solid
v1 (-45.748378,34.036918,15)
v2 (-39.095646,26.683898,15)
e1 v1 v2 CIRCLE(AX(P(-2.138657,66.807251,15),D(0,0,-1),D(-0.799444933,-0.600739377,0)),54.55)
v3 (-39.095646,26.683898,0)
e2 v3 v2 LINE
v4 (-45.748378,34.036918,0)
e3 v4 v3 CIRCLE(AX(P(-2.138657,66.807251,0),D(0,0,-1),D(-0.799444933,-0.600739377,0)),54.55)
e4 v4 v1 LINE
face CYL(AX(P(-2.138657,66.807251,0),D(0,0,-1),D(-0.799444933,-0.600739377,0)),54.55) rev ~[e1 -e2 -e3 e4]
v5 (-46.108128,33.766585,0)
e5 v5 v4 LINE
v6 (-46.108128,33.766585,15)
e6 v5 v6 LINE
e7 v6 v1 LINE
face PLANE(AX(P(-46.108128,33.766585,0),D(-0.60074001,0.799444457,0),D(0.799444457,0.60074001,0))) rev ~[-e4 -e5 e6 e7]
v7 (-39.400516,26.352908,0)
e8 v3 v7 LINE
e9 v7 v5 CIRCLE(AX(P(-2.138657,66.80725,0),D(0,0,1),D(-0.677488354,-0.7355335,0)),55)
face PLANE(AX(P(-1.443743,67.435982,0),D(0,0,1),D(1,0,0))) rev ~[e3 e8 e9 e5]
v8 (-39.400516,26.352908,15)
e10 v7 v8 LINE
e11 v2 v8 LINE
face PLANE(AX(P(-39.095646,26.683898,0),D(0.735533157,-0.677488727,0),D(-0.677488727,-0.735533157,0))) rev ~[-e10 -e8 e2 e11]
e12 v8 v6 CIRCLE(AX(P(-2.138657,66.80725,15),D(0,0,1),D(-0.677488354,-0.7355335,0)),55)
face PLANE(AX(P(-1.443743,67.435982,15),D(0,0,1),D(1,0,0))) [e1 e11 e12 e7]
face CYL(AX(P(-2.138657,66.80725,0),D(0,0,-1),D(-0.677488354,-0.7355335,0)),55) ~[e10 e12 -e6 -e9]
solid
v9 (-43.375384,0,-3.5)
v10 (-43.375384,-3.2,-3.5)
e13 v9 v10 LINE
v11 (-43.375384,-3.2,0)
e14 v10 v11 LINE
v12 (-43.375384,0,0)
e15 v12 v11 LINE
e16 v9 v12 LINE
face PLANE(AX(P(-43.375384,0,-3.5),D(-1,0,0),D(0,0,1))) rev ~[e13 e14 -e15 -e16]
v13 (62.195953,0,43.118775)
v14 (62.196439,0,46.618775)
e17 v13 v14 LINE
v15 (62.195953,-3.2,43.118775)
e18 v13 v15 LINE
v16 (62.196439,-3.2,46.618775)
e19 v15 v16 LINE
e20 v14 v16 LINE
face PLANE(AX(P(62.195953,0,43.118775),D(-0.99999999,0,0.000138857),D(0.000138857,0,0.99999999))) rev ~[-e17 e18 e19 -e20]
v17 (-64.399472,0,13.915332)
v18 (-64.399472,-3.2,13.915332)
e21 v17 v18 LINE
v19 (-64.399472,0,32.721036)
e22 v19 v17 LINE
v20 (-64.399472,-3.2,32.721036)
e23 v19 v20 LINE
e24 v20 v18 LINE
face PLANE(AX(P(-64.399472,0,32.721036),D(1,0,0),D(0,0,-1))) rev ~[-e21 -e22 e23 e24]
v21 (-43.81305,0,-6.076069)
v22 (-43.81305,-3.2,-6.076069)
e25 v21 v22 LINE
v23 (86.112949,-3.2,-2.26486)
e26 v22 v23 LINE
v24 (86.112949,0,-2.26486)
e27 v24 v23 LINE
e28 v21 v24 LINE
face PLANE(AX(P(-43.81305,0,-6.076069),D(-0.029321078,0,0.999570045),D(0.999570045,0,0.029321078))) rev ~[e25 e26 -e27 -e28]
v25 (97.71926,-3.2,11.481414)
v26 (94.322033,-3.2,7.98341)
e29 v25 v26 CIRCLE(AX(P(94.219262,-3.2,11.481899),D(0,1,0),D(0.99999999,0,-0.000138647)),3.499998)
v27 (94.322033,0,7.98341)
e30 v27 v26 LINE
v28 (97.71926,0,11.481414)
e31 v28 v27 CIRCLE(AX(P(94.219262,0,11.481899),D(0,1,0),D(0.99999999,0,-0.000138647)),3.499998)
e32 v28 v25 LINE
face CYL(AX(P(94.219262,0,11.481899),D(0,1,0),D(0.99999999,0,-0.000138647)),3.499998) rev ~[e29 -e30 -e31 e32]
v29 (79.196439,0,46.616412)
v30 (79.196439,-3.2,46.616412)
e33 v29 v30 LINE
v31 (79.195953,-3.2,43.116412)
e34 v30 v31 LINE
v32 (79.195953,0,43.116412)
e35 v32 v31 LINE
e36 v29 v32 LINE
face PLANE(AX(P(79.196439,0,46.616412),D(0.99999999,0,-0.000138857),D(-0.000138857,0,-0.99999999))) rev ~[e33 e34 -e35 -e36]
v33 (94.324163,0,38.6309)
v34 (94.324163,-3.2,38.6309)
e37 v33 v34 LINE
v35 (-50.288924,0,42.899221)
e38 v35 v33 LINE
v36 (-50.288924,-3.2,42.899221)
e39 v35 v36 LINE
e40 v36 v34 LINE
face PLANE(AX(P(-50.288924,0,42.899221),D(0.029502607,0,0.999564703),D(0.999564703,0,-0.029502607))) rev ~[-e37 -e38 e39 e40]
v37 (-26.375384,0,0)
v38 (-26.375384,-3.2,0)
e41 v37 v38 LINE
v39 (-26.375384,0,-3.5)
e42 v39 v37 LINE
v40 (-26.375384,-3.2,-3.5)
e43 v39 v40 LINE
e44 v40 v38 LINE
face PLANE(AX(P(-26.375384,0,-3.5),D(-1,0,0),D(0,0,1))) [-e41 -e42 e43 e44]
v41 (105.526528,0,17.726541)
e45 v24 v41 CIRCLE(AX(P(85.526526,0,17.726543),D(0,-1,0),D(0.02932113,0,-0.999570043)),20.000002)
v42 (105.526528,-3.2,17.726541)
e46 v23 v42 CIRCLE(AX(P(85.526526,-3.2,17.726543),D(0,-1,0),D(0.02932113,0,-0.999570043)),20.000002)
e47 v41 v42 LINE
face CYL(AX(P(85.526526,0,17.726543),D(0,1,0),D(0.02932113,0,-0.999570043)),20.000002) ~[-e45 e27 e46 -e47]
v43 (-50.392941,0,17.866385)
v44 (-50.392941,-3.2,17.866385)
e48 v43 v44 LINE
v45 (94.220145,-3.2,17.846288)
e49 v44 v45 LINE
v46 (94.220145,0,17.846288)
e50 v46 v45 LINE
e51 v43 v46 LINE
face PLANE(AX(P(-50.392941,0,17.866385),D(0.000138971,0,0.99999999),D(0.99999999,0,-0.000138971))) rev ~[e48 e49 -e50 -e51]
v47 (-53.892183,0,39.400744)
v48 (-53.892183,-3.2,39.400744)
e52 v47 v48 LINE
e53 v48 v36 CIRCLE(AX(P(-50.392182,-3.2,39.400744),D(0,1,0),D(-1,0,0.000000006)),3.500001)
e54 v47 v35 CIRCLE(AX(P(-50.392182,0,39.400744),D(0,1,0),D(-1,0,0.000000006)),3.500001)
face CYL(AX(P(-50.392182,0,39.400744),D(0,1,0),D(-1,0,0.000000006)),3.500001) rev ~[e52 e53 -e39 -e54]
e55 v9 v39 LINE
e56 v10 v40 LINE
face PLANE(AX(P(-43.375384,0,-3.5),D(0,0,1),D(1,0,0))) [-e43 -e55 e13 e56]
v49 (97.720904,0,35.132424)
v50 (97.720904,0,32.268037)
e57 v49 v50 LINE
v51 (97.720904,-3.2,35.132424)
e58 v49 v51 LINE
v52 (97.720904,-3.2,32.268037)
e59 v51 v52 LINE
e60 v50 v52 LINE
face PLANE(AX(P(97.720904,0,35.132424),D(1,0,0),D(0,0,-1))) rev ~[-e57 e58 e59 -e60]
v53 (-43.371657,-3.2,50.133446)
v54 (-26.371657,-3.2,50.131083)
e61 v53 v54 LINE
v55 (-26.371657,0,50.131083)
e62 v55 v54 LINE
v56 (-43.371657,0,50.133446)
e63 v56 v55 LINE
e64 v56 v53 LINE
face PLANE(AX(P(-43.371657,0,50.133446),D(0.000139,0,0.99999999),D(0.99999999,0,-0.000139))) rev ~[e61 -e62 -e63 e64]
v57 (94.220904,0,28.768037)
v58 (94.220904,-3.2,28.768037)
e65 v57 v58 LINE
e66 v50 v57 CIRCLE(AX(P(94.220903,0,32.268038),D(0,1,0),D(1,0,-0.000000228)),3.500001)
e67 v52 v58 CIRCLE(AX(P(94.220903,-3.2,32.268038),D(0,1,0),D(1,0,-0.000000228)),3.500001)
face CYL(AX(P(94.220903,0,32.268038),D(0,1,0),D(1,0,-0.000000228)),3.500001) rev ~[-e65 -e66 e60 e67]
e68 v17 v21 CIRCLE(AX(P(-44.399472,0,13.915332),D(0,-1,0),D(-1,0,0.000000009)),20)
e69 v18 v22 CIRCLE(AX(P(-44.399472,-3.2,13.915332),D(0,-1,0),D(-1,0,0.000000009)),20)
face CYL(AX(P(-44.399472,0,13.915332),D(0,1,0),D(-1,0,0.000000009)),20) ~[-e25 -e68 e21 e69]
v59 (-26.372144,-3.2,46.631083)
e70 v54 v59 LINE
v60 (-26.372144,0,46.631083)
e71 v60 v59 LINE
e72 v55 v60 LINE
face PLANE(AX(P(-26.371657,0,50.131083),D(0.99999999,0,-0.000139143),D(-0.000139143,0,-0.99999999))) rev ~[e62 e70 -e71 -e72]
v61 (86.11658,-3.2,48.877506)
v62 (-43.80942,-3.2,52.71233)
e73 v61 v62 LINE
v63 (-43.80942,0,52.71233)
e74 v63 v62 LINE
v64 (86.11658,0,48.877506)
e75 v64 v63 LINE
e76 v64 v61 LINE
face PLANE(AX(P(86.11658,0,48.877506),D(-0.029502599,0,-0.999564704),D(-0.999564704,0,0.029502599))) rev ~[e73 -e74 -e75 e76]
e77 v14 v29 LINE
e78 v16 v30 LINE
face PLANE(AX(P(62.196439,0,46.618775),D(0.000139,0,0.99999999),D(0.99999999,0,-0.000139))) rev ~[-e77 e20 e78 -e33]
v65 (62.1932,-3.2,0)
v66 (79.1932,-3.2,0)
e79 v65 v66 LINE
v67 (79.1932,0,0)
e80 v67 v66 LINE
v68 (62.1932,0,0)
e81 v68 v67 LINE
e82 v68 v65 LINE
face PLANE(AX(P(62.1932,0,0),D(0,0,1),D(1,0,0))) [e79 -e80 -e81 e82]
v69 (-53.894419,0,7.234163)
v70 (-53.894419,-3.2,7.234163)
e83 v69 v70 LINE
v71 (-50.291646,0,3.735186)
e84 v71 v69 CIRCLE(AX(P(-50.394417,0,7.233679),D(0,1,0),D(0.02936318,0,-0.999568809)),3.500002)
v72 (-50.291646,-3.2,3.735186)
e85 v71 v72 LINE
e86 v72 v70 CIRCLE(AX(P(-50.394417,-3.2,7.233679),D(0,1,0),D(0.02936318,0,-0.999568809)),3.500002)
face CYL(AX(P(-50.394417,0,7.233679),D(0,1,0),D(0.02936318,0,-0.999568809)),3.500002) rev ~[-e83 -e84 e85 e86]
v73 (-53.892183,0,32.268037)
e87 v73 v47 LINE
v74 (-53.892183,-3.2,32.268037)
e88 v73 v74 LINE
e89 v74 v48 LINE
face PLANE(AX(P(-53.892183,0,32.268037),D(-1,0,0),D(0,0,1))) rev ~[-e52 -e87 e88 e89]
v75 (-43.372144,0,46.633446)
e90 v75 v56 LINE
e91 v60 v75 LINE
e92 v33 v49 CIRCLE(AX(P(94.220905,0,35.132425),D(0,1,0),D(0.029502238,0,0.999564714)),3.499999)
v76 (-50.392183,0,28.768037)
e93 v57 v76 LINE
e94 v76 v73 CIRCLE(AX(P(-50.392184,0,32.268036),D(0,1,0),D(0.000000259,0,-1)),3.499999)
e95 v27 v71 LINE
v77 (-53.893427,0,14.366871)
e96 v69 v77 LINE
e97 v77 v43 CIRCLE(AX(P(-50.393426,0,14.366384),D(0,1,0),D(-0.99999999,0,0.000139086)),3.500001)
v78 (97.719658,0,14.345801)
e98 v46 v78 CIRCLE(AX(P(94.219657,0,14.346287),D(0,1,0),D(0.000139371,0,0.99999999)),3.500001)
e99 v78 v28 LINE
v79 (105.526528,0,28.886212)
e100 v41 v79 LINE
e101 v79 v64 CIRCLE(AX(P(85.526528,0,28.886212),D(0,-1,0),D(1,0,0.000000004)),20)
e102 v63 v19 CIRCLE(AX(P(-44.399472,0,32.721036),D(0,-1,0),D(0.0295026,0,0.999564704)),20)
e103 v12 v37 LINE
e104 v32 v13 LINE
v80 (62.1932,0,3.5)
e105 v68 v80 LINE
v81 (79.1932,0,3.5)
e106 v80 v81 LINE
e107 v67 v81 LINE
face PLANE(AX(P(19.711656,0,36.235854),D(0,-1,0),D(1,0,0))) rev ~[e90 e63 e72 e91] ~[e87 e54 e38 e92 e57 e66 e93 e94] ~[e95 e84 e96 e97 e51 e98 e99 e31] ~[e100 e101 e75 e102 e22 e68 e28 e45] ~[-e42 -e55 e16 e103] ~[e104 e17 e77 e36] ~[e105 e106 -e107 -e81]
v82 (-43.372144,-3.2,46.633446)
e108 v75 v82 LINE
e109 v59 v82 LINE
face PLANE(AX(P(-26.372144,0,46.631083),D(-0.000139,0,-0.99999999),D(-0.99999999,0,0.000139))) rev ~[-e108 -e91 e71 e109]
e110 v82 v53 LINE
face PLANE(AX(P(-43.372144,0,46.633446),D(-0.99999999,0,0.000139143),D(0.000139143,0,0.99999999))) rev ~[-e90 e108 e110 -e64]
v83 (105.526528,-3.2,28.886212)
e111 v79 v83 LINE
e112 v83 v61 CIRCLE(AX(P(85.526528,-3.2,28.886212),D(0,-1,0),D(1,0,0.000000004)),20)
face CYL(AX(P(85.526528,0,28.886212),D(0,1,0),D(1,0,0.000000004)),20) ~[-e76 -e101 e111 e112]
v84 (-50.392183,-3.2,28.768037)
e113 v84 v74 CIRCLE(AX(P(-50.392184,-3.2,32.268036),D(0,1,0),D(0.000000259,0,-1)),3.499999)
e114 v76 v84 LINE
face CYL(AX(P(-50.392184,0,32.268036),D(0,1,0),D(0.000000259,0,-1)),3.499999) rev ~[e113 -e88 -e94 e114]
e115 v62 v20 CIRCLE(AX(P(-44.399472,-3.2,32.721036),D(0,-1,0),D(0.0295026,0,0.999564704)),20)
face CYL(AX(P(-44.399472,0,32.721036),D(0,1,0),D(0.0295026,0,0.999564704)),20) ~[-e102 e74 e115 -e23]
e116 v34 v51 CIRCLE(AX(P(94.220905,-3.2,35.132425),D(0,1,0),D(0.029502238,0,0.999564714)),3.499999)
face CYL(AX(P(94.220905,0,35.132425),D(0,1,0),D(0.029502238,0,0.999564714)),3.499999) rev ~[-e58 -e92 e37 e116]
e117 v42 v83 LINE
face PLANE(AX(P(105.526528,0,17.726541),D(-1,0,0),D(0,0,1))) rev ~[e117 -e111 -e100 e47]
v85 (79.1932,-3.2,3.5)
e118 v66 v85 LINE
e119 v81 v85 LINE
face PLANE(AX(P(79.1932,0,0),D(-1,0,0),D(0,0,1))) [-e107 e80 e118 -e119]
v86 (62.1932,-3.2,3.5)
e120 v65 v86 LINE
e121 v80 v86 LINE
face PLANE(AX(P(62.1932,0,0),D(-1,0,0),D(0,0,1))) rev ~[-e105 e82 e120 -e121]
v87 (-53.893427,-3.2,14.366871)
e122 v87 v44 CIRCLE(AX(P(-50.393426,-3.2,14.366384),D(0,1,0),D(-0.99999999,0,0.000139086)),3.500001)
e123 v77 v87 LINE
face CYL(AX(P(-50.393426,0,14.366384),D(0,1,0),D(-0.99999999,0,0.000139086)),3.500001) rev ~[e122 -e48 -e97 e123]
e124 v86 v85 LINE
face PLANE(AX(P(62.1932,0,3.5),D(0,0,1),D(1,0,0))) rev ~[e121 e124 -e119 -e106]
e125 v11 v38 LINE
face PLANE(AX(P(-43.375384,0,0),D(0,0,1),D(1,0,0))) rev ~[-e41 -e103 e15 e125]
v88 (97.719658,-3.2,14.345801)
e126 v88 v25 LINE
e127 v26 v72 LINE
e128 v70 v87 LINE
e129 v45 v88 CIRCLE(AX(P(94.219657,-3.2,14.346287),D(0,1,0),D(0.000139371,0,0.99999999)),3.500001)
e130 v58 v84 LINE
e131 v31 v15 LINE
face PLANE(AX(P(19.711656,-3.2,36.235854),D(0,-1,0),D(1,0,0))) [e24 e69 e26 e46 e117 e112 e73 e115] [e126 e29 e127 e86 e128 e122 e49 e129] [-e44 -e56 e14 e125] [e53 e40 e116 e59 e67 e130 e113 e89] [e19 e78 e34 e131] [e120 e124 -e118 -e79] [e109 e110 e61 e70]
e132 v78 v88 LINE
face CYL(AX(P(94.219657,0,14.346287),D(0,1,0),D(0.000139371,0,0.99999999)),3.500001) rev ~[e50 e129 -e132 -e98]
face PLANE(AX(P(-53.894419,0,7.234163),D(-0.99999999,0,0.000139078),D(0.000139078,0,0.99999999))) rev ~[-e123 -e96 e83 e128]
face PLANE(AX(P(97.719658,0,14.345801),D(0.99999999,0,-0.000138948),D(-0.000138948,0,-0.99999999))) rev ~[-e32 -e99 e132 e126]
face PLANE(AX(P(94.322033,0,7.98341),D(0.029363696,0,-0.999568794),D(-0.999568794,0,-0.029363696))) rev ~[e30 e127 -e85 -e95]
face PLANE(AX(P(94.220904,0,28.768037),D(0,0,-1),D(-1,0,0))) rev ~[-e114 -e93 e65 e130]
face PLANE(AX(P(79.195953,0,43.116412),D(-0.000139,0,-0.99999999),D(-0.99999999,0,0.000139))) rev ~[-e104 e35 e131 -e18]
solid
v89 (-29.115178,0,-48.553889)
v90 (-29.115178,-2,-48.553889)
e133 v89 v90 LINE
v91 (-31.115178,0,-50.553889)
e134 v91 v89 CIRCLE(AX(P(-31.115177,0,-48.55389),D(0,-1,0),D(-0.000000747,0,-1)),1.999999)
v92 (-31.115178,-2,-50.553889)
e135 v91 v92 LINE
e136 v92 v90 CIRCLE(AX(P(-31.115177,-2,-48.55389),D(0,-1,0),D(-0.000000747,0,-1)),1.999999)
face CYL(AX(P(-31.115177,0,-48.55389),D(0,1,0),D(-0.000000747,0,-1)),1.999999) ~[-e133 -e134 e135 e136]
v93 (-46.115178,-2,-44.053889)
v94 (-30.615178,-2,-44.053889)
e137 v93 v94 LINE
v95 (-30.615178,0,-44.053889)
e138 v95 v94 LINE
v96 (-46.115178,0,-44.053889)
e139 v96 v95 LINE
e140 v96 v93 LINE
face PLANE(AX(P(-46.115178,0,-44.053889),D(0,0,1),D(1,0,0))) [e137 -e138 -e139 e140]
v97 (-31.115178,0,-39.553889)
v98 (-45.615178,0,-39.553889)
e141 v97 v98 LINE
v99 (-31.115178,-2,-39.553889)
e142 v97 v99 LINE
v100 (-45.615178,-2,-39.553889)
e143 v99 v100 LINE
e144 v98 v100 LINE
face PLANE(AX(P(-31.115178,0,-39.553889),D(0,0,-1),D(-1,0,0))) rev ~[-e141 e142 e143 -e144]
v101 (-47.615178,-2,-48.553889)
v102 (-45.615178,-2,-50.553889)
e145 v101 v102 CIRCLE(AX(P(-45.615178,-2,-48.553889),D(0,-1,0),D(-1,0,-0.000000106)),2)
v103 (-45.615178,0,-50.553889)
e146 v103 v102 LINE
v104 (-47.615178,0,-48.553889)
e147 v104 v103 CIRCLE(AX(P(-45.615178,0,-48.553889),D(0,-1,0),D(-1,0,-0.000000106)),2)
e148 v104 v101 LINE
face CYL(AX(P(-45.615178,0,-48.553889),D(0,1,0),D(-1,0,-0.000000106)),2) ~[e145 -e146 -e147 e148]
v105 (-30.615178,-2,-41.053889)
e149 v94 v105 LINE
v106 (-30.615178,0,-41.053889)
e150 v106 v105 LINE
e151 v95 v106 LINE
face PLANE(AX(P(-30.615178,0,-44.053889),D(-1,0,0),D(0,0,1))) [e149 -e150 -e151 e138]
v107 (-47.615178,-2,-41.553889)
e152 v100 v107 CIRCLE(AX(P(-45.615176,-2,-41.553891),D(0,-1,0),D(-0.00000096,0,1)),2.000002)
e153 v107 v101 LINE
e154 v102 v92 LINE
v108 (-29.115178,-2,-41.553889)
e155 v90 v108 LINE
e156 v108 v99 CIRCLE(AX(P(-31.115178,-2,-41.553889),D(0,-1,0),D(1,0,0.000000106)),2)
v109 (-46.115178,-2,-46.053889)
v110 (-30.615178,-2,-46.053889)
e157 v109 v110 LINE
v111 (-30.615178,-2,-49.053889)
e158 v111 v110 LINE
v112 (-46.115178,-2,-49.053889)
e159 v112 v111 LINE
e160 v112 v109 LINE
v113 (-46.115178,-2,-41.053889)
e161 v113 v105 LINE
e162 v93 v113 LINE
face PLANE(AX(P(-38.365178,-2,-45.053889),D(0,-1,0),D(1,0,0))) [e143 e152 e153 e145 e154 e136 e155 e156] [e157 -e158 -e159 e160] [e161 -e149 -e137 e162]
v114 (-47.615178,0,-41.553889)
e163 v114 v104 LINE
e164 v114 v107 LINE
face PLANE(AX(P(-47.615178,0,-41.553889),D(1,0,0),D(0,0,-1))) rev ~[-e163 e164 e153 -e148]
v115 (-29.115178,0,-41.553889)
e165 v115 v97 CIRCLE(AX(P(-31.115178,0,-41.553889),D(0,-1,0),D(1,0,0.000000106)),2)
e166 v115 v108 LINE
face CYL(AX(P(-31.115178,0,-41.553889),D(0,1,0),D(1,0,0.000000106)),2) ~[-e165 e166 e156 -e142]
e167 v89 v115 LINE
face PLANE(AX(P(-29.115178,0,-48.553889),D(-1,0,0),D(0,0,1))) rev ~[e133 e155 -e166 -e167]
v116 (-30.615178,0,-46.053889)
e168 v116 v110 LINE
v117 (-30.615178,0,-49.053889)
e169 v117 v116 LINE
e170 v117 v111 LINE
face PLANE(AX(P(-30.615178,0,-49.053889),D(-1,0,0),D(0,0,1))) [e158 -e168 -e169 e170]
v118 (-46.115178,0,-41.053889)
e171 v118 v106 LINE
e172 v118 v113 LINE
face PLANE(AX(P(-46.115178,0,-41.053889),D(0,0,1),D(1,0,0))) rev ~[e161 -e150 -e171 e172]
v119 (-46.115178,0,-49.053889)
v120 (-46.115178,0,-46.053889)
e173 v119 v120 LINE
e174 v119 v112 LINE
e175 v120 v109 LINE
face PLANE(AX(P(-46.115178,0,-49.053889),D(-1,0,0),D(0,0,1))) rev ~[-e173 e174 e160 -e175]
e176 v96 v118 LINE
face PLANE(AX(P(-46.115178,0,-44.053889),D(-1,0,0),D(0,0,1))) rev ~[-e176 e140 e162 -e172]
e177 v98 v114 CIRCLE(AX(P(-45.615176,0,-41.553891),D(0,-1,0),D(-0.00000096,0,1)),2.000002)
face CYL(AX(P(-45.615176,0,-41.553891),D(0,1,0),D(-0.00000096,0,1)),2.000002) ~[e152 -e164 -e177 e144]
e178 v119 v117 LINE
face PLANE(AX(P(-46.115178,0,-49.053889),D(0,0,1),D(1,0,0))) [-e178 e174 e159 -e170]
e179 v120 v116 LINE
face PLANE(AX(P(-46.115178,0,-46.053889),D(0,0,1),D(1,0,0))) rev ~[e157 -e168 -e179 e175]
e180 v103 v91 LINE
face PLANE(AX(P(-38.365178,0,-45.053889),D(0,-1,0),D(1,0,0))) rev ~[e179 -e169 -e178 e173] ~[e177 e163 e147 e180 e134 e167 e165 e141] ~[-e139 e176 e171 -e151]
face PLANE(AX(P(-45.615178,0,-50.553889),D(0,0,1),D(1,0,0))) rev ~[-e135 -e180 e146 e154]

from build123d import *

# Parameters (mm, degrees)
F0_W     = 17
F0_H     = 3.5
F1_DEPTH = 3.2
F2_W     = 15.5
F2_H     = 3
F3_DEPTH = 2
F5_DEPTH = 15


with BuildPart() as f1:
    # F0 (on Front) → F1 (new body)
    with BuildSketch(Plane.XZ):
        with BuildLine():
            ThreePointArc((-43.80942, 52.71233), (-58.331431, 47.07027), (-64.399472, 32.721036))
            Line((-64.399472, 32.721036), (-64.399472, 23.318184))
            Line((-64.399472, 23.318184), (105.526528, 23.306376))
            Line((105.526528, 23.306376), (105.526528, 28.886212))
            ThreePointArc((105.526528, 28.886212), (99.875762, 42.818171), (86.11658, 48.877506))
            Line((86.11658, 48.877506), (-43.80942, 52.71233))
        make_face()
        Polygon((-26.371657, 50.131083), (-26.372144, 46.631083), (-43.372144, 46.633446), (-43.371657, 50.133446), align=None, mode=Mode.SUBTRACT)
        with BuildLine():
            ThreePointArc((94.324163, 38.6309), (96.73202, 37.570517), (97.720904, 35.132424))
            Line((97.720904, 35.132424), (97.720904, 32.268037))
            ThreePointArc((97.720904, 32.268037), (96.695777, 29.793163), (94.220904, 28.768037))
            Line((94.220904, 28.768037), (-50.392183, 28.768037))
            ThreePointArc((-50.392183, 28.768037), (-52.867057, 29.793163), (-53.892183, 32.268037))
            Line((-53.892183, 32.268037), (-53.892183, 39.400744))
            ThreePointArc((-53.892183, 39.400744), (-52.830276, 41.91186), (-50.288924, 42.899221))
            Line((-50.288924, 42.899221), (94.324163, 38.6309))
        make_face(mode=Mode.SUBTRACT)
        Polygon((62.195953, 43.118775), (62.196439, 46.618775), (79.196439, 46.616412), (79.195953, 43.116412), align=None, mode=Mode.SUBTRACT)
        with BuildLine():
            Line((105.526528, 23.306376), (-64.399472, 23.318184))
            Line((-64.399472, 23.318184), (-64.399472, 13.915332))
            ThreePointArc((-64.399472, 13.915332), (-58.332734, -0.432637), (-43.81305, -6.076069))
            Line((-43.81305, -6.076069), (86.112949, -2.26486))
            ThreePointArc((86.112949, -2.26486), (99.874497, 3.79328), (105.526528, 17.726541))
            Line((105.526528, 17.726541), (105.526528, 23.306376))
        make_face()
        with Locations((-34.875384, -1.75)):
            Rectangle(F0_W, F0_H, mode=Mode.SUBTRACT)
        with Locations((70.6932, 1.75)):
            Rectangle(F0_W, F0_H, mode=Mode.SUBTRACT)
        with BuildLine():
            Line((-50.392941, 17.866385), (94.220145, 17.846288))
            ThreePointArc((94.220145, 17.846288), (96.694876, 16.820817), (97.719658, 14.345801))
            Line((97.719658, 14.345801), (97.71926, 11.481414))
            ThreePointArc((97.71926, 11.481414), (96.730038, 9.043459), (94.322033, 7.98341))
            Line((94.322033, 7.98341), (-50.291646, 3.735186))
            ThreePointArc((-50.291646, 3.735186), (-52.83286, 4.7229), (-53.894419, 7.234163))
            Line((-53.894419, 7.234163), (-53.893427, 14.366871))
            ThreePointArc((-53.893427, 14.366871), (-52.867957, 16.841602), (-50.392941, 17.866385))
        make_face(mode=Mode.SUBTRACT)
    extrude(amount=F1_DEPTH)


with BuildPart() as f3:
    # F2 (on Front) → F3 (new body)
    with BuildSketch(Plane.XZ):
        with BuildLine():
            Line((-31.115178, -39.553889), (-45.615178, -39.553889))
            ThreePointArc((-45.615178, -39.553889), (-47.029391, -40.139676), (-47.615178, -41.553889))
            Line((-47.615178, -41.553889), (-47.615178, -48.553889))
            ThreePointArc((-47.615178, -48.553889), (-47.029391, -49.968103), (-45.615178, -50.553889))
            Line((-45.615178, -50.553889), (-31.115178, -50.553889))
            ThreePointArc((-31.115178, -50.553889), (-29.700964, -49.968103), (-29.115178, -48.553889))
            Line((-29.115178, -48.553889), (-29.115178, -41.553889))
            ThreePointArc((-29.115178, -41.553889), (-29.700964, -40.139676), (-31.115178, -39.553889))
        make_face()
        with Locations((-38.365178, -47.553889)):
            Rectangle(F2_W, F2_H, mode=Mode.SUBTRACT)
        with Locations((-38.365178, -42.553889)):
            Rectangle(F2_W, F2_H, mode=Mode.SUBTRACT)
    extrude(amount=F3_DEPTH)


with BuildPart() as f5:
    # F4 (on Top) → F5 (new body)
    with BuildSketch(Plane.XY):
        with BuildLine():
            Line((-39.095646, 26.683898), (-39.400516, 26.352908))
            ThreePointArc((-39.400516, 26.352908), (38.645815, 103.707479), (-46.108128, 33.766585))
            Line((-46.108128, 33.766585), (-45.748378, 34.036918))
            ThreePointArc((-45.748378, 34.036918), (38.312124, 103.405568), (-39.095646, 26.683898))
        make_face()
    extrude(amount=F5_DEPTH)


solid = Compound([f1.part, f3.part, f5.part])
